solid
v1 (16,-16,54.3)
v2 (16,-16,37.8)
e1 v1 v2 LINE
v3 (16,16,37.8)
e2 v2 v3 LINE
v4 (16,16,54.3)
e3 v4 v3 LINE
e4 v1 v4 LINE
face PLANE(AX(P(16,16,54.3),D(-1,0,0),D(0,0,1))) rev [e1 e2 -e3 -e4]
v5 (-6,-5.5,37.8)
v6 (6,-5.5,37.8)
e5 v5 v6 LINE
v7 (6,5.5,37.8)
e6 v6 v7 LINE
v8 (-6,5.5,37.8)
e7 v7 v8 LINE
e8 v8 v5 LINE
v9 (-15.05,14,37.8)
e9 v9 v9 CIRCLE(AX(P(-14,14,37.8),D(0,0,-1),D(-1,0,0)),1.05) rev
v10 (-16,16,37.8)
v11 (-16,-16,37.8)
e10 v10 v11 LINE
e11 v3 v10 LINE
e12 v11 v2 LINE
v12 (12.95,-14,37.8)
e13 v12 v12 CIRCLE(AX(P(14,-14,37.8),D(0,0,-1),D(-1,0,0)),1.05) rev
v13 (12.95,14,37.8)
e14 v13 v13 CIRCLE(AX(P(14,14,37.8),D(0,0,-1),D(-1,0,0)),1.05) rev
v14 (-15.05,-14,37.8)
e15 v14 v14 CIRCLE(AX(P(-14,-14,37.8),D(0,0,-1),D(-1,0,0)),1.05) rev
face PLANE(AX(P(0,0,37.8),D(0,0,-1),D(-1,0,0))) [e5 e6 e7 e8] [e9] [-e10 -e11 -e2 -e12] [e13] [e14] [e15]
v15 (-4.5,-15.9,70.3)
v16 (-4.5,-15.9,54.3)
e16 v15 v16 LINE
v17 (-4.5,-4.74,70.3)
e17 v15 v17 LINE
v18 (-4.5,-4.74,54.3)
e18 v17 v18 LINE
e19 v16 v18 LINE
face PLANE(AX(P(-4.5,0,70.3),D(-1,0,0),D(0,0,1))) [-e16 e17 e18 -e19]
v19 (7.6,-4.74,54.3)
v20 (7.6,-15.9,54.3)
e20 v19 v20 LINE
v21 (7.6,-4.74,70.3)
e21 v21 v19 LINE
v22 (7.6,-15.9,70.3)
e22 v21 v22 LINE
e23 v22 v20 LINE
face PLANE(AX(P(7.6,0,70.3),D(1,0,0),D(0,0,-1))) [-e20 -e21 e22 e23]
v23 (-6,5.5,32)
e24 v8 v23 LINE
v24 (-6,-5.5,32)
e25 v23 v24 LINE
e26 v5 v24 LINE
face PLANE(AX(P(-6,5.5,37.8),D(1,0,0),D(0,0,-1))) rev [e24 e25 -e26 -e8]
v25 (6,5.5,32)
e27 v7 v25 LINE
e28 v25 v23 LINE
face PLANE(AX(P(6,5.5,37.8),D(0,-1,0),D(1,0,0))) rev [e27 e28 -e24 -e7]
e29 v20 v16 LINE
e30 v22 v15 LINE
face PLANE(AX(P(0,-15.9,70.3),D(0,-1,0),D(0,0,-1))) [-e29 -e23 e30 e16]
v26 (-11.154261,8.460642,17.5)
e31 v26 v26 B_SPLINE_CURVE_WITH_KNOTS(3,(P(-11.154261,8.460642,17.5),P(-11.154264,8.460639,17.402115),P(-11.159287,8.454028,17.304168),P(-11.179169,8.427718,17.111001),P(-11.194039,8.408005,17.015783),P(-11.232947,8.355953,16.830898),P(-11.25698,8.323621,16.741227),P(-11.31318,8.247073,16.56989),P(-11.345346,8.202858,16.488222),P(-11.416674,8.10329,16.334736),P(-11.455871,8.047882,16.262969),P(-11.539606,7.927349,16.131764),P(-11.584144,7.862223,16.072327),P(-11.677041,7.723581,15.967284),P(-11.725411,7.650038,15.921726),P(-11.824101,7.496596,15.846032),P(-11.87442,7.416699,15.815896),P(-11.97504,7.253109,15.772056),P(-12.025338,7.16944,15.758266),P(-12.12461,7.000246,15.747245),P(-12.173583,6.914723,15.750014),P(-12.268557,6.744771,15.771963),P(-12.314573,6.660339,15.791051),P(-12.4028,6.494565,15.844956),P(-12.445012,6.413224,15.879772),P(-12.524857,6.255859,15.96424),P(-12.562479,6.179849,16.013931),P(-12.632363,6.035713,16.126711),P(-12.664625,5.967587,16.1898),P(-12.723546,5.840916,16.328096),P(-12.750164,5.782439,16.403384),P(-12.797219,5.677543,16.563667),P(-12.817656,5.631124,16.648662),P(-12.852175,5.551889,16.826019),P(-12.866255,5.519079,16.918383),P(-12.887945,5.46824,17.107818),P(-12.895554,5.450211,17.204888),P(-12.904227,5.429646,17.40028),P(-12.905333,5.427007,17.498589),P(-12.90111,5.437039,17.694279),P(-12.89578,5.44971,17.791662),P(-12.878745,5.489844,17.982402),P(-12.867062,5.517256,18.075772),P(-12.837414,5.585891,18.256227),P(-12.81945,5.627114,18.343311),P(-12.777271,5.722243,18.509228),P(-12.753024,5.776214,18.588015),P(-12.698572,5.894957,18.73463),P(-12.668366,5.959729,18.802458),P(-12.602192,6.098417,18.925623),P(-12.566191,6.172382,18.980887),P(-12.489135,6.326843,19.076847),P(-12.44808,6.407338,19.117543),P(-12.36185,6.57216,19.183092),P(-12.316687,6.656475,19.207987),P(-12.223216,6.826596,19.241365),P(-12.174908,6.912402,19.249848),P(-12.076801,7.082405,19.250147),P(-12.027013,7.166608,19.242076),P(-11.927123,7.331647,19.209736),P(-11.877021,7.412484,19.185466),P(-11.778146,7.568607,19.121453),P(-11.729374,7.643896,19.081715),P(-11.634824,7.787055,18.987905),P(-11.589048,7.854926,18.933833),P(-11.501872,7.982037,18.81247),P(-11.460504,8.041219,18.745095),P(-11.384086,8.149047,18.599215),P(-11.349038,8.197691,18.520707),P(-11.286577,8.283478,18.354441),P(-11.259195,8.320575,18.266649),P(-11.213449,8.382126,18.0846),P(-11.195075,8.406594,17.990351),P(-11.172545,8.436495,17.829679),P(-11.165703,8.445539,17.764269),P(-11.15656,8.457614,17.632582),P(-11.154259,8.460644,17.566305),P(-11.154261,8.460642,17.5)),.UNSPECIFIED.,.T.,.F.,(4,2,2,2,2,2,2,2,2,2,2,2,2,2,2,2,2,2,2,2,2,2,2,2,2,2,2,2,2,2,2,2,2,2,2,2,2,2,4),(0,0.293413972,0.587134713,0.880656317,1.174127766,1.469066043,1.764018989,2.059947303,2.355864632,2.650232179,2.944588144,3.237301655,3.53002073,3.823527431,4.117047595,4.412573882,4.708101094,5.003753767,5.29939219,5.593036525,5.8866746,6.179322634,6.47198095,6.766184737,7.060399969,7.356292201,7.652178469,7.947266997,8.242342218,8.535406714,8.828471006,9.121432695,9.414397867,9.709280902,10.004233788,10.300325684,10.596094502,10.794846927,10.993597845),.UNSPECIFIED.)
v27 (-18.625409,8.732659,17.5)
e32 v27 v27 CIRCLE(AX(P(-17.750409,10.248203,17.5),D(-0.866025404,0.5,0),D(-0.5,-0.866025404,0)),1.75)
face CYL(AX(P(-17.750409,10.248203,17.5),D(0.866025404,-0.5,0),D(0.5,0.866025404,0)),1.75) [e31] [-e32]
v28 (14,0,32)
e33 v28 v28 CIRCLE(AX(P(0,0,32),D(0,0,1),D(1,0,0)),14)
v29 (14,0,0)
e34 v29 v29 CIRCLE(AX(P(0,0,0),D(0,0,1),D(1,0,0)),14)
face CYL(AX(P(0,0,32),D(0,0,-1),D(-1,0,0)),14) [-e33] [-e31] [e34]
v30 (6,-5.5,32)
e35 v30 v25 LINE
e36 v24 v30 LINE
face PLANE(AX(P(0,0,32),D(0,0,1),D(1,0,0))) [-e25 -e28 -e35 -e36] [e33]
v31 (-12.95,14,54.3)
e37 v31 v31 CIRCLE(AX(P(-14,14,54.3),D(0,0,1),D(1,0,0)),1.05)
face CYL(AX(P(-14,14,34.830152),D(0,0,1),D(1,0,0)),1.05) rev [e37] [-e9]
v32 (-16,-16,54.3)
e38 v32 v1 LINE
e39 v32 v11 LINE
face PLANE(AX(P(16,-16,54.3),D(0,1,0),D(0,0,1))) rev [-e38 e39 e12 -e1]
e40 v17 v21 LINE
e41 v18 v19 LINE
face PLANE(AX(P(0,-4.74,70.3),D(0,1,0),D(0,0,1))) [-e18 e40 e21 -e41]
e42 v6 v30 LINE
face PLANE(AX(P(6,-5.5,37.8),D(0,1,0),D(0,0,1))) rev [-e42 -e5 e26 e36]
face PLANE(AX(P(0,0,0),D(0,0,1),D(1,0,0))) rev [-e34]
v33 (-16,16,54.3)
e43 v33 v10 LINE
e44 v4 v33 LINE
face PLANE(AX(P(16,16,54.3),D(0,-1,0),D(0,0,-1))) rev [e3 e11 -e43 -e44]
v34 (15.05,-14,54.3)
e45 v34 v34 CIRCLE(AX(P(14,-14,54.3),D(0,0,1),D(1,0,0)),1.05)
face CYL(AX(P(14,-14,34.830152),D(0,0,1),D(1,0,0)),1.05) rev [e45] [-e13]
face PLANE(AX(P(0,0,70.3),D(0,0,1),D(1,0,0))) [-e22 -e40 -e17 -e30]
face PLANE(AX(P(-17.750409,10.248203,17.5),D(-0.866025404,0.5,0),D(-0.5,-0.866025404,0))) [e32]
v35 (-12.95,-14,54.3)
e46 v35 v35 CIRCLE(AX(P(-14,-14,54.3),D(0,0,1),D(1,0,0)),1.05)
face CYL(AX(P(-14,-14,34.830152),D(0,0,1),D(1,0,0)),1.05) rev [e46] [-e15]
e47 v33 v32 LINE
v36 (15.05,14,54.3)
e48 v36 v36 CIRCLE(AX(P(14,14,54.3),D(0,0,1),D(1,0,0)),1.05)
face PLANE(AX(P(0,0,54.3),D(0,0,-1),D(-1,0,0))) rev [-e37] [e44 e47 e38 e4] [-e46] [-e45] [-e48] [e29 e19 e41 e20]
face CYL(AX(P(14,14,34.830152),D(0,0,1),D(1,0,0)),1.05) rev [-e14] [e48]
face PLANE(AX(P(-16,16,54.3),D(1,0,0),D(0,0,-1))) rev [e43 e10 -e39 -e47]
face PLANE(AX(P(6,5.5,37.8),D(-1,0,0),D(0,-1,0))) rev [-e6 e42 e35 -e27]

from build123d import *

# Parameters (mm, degrees)
SKETCH_1_R          = 14
EXTRUDE_1_DEPTH     = 32
SKETCH_2_W          = 12
SKETCH_2_H          = 11
EXTRUDE_2_DEPTH     = 5.8
SKETCH_3_W          = 32
SKETCH_3_H          = 32
EXTRUDE_3_DEPTH     = 16.5
SKETCH_4_W          = 12.1
SKETCH_4_H          = 11.16
EXTRUDE_4_DEPTH     = 16
SKETCH_5_R          = 1.05
CUT_EXTRUDE_1_DEPTH = 16.5
EXTRUDE_START       = -21.86
SKETCH_6_R          = 1.75
EXTRUDE_6_DEPTH     = 20.5


with BuildPart() as part:
    # 草图1 → 凸台-拉伸1 (new body)
    with BuildSketch(Plane.XY):
        Circle(SKETCH_1_R)
    extrude(amount=EXTRUDE_1_DEPTH)

    # 草图2 → 凸台-拉伸2 (add)
    with BuildSketch(Plane.XY.offset(32)):
        Rectangle(SKETCH_2_W, SKETCH_2_H)
    extrude(amount=EXTRUDE_2_DEPTH)

    # 草图3 → 凸台-拉伸3 (add)
    with BuildSketch(Plane.XY.offset(37.8)):
        Rectangle(SKETCH_3_W, SKETCH_3_H)
    extrude(amount=EXTRUDE_3_DEPTH)

    # 草图4 → 凸台-拉伸4 (add)
    with BuildSketch(Plane.XY.offset(54.3)):
        with Locations((1.55, -10.32)):
            Rectangle(SKETCH_4_W, SKETCH_4_H)
    extrude(amount=EXTRUDE_4_DEPTH)

    # 草图5 → 切除-拉伸1 (cut)
    with BuildSketch(Plane.XY.offset(54.3)):
        with Locations((-14, 14)):
            Circle(SKETCH_5_R)
        with Locations((14, 14)):
            Circle(SKETCH_5_R)
        with Locations((-14, -14)):
            Circle(SKETCH_5_R)
        with Locations((14, -14)):
            Circle(SKETCH_5_R)
    extrude(amount=-CUT_EXTRUDE_1_DEPTH, mode=Mode.SUBTRACT)

    # 草图6 → 凸台-拉伸6 (add)
    with BuildSketch(Plane(origin=(-18.92820323, 10.92820323, 0), x_dir=(0, 0, -1), z_dir=(-0.8660254037844398, 0.499999999999998, 0)).offset(EXTRUDE_START)):
        with Locations(Location((-17.5, 0, 0), (0, 0, 270))):
            Circle(SKETCH_6_R)
    extrude(amount=EXTRUDE_6_DEPTH)


solid = part.part
